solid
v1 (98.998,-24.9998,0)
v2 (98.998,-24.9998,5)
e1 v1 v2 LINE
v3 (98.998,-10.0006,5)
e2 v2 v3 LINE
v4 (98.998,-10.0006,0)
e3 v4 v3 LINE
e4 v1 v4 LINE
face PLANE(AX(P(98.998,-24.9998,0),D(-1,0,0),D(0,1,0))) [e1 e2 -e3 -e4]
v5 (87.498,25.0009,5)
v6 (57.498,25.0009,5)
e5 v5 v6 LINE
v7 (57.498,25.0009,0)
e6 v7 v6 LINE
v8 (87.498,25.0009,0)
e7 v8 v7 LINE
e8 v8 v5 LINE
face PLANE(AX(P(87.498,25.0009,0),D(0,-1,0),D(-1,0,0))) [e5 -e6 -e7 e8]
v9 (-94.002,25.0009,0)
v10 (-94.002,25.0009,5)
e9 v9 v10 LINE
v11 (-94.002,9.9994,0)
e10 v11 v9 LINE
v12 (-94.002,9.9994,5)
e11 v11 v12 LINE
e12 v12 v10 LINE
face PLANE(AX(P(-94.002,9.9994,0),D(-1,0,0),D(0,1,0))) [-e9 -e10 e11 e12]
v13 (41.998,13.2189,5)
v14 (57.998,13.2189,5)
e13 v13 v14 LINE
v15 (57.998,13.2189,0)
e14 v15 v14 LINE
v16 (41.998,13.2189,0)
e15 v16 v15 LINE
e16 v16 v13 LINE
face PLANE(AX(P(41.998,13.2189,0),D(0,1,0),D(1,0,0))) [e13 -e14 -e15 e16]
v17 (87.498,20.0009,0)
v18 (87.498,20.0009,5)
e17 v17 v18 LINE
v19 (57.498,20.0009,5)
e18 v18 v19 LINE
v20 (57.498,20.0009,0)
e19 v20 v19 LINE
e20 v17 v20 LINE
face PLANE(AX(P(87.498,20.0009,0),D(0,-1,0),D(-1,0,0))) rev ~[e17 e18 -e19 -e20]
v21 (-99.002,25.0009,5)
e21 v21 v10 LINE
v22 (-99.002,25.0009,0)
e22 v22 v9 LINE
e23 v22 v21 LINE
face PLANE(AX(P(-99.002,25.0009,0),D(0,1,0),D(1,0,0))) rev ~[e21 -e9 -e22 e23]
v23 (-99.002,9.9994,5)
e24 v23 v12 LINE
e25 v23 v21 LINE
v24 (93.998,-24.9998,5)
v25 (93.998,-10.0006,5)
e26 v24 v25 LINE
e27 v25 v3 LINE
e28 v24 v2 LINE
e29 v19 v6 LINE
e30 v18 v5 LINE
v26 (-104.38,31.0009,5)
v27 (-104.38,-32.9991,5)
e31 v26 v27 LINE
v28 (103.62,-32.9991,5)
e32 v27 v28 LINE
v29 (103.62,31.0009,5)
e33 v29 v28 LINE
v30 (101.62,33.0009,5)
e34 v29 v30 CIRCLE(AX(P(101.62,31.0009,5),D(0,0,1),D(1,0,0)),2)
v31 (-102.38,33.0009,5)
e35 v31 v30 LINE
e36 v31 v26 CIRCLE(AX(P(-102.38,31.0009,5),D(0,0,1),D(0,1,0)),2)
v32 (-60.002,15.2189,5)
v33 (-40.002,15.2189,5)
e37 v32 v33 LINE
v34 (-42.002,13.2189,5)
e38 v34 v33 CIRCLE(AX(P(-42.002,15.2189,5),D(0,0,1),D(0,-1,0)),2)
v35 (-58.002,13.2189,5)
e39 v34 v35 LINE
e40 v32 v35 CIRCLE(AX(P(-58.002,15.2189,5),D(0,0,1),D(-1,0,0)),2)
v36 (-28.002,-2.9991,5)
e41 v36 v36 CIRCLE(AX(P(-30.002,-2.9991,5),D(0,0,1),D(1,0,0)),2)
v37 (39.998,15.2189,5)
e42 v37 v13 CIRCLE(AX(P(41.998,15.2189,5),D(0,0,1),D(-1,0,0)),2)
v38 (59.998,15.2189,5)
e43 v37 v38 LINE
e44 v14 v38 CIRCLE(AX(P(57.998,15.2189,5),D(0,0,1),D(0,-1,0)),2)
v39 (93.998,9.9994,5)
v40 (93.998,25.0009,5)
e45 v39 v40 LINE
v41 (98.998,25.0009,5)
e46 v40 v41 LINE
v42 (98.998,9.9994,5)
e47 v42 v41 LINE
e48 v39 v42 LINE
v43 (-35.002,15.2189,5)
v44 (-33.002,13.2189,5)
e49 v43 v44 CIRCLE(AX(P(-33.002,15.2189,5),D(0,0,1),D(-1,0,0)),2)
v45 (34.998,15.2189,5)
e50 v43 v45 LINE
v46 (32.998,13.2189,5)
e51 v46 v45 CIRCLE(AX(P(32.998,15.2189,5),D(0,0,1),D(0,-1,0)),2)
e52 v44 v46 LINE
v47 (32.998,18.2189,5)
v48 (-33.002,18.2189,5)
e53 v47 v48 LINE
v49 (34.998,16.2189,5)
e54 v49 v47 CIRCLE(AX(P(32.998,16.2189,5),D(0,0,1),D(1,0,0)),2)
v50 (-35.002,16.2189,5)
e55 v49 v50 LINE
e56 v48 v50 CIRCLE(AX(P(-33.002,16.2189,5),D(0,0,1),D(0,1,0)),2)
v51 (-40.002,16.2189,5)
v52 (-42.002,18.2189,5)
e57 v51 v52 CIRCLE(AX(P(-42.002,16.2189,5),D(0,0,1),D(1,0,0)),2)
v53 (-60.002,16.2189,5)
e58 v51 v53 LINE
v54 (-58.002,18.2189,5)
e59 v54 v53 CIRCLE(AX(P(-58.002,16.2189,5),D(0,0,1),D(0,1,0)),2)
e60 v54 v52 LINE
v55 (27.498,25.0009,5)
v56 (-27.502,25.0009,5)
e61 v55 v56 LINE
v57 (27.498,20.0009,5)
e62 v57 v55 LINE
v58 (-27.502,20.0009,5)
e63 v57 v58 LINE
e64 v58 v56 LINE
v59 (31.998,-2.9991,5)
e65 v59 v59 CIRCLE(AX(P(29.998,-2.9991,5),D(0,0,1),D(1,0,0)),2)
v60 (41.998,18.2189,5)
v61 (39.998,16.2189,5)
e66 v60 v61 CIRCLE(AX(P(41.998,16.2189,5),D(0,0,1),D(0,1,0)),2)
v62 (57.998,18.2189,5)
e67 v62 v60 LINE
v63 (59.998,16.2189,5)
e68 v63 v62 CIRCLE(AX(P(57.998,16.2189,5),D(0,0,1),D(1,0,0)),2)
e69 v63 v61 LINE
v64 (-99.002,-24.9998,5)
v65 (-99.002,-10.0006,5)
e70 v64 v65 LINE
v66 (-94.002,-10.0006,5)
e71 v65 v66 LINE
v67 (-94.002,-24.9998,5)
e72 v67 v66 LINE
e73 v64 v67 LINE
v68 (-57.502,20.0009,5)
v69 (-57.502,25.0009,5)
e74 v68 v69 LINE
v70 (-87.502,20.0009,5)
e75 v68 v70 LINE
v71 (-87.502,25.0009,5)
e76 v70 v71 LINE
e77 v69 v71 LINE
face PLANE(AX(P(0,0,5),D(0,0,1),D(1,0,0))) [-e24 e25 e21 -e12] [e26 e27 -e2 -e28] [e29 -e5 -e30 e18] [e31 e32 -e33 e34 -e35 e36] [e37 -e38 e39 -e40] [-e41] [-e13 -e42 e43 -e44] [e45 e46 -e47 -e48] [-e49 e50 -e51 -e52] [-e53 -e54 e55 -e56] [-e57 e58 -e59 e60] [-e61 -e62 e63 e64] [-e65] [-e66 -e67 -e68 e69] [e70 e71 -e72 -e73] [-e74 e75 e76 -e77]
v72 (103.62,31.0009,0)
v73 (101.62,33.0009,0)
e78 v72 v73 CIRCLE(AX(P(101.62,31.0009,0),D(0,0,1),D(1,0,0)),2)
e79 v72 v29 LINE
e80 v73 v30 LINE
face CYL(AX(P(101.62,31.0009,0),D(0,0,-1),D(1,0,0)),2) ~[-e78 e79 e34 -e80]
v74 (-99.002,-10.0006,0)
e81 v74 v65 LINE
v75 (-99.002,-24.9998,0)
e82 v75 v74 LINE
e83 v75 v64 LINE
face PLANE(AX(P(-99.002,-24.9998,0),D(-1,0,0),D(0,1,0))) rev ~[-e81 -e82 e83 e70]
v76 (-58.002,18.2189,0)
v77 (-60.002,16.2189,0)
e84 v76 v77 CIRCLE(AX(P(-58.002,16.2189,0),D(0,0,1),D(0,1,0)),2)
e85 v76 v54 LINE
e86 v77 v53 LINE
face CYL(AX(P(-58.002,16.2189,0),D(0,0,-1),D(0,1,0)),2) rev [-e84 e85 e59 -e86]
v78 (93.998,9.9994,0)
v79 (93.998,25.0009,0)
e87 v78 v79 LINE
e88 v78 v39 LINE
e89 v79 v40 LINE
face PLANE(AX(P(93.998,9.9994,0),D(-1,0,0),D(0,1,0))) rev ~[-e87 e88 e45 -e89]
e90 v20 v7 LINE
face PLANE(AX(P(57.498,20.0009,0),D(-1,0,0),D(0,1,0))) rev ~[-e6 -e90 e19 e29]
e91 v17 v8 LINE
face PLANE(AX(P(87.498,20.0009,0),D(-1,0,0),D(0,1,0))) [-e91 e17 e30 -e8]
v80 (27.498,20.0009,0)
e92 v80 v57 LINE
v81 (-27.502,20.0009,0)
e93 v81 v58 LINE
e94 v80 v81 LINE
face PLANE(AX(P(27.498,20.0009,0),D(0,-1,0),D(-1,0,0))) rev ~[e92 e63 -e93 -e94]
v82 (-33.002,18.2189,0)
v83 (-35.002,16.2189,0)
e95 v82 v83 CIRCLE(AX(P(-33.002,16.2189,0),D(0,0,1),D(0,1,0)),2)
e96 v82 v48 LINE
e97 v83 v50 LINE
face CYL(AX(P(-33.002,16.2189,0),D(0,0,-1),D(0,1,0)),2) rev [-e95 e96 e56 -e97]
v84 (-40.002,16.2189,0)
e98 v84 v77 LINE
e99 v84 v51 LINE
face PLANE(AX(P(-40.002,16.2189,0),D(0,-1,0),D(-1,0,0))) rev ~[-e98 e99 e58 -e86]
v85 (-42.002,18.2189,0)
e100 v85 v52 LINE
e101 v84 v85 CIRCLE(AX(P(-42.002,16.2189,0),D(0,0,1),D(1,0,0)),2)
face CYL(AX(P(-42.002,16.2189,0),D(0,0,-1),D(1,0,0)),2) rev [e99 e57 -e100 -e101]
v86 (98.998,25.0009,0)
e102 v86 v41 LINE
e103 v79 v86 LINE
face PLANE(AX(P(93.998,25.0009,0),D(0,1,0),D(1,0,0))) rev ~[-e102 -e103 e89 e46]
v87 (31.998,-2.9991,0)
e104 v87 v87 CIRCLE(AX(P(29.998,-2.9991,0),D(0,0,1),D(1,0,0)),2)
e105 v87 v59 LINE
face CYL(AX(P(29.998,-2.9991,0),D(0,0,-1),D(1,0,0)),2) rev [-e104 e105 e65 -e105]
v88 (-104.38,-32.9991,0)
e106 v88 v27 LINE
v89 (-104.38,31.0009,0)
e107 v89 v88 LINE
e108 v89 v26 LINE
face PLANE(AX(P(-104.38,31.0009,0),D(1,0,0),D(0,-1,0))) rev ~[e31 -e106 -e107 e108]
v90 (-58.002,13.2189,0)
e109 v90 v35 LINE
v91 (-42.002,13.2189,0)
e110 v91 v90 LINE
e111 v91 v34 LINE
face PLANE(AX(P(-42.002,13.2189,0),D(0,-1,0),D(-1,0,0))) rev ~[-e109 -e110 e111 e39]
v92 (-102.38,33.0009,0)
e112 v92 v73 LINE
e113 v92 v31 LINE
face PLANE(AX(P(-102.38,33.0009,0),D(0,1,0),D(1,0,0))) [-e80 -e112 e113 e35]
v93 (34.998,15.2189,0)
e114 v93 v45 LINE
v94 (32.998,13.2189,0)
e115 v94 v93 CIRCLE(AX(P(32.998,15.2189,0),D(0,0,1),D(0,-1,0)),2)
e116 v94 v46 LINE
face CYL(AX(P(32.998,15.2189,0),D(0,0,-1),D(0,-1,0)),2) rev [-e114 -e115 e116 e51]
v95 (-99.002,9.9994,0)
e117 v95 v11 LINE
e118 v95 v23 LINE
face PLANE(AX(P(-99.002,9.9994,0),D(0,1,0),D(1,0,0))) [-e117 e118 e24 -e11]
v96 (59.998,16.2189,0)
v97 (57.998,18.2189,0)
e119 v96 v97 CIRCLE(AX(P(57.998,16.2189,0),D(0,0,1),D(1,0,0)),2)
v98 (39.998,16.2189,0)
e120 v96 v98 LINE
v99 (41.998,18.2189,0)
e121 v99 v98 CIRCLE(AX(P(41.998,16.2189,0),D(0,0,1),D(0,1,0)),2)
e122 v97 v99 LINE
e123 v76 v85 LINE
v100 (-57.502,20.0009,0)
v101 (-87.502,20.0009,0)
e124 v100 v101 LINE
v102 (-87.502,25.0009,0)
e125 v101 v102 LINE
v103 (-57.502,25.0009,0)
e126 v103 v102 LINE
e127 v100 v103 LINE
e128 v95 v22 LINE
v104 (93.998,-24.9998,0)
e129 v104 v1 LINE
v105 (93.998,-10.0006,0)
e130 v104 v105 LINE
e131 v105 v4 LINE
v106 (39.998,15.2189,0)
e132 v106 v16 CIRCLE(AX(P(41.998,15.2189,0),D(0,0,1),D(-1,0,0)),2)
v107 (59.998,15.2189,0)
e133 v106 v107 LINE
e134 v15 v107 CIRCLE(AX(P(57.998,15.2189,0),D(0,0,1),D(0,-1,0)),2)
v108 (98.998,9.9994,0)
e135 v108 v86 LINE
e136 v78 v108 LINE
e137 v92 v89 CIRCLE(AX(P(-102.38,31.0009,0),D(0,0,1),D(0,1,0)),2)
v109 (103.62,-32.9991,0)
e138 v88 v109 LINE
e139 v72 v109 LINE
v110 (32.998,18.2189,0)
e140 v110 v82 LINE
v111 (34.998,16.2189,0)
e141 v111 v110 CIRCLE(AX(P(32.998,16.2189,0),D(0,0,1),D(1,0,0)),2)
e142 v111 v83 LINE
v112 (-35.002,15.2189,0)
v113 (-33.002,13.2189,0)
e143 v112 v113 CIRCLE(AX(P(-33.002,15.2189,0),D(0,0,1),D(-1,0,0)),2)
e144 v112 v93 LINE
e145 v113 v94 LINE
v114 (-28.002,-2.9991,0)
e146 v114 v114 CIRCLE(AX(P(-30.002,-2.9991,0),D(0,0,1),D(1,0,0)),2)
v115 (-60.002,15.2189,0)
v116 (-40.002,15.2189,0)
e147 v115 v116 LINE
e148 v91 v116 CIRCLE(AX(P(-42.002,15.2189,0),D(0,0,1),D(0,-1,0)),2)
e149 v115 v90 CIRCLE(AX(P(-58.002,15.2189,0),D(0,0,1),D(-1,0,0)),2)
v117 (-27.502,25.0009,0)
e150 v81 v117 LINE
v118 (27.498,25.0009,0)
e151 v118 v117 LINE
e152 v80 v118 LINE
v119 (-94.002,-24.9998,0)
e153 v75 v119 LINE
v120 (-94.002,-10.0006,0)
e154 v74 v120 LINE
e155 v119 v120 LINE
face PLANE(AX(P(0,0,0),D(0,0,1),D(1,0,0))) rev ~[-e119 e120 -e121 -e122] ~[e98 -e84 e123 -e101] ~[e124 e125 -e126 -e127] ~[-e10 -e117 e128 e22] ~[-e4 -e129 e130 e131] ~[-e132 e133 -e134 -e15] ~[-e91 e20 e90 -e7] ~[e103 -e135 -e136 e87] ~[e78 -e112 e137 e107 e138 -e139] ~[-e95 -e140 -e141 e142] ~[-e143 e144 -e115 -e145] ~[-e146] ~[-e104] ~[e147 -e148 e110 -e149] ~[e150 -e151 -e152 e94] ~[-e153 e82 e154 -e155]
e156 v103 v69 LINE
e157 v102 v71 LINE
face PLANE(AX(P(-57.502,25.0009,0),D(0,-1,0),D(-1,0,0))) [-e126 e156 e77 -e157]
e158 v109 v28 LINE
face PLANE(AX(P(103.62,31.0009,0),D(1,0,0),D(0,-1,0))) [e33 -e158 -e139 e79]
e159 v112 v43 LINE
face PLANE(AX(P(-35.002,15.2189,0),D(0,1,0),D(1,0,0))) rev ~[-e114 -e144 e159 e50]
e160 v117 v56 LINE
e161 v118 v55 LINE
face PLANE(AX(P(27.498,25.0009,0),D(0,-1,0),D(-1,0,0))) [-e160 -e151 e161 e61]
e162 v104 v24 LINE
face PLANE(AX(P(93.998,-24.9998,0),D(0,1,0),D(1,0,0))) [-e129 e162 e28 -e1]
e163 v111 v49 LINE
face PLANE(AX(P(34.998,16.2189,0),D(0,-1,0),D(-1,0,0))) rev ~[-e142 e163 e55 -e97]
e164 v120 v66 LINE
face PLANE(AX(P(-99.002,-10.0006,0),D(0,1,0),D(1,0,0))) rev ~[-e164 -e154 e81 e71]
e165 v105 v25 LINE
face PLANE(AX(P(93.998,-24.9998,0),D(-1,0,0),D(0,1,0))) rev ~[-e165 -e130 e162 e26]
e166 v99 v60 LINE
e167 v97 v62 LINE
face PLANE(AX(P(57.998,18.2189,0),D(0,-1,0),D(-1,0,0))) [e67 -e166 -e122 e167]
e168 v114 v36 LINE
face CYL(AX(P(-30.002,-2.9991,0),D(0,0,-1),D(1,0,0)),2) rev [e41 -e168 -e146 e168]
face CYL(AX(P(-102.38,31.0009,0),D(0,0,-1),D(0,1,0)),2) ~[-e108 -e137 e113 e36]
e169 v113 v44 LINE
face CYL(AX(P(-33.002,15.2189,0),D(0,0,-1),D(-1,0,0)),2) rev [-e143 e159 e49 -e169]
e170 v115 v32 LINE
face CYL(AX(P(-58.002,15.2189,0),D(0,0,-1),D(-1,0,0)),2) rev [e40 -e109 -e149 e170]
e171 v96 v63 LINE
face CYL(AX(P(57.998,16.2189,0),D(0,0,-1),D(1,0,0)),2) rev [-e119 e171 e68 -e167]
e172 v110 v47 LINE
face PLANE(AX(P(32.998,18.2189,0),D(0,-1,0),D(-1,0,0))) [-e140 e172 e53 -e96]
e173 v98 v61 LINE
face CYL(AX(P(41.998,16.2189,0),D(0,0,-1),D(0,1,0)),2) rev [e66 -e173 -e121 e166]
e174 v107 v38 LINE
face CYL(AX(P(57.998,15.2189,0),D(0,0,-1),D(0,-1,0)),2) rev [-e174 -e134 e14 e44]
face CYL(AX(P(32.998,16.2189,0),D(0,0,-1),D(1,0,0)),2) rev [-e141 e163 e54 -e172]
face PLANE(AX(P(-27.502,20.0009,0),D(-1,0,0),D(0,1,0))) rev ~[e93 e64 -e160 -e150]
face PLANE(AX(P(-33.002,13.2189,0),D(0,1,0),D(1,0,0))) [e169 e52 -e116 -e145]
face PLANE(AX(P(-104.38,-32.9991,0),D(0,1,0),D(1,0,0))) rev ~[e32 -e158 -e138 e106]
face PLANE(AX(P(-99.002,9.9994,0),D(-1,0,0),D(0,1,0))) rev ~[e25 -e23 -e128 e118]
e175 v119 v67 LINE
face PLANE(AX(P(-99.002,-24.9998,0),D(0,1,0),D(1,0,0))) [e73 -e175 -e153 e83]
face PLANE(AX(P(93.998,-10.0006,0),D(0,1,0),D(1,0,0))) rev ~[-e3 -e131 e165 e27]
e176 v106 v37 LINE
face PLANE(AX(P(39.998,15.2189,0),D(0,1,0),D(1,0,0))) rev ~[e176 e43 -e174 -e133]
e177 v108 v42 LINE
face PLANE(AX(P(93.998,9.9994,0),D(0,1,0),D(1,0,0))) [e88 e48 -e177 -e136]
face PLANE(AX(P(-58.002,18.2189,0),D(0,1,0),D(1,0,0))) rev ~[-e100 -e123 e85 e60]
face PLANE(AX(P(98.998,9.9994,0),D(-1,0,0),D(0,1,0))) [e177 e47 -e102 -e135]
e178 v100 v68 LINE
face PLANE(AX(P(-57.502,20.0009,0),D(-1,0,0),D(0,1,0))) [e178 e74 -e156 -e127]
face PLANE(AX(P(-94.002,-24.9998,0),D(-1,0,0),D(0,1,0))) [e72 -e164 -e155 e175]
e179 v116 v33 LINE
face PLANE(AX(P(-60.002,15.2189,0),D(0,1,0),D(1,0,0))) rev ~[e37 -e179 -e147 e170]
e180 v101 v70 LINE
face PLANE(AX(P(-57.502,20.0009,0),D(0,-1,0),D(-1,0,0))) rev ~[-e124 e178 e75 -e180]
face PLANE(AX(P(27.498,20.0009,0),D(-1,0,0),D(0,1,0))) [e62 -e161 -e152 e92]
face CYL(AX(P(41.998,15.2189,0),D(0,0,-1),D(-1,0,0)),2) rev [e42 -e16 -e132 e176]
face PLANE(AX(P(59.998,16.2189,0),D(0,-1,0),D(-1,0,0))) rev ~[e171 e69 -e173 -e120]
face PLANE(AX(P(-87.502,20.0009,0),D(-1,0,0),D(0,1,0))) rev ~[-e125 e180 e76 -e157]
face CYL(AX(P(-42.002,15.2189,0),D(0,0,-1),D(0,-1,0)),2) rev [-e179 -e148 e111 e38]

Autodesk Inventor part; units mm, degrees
ref_plane "YZ Plane" through (0, 0, 0) normal (1, 0, 0) x (0, 1, 0)
ref_plane "XZ Plane" through (0, 0, 0) normal (0, 1, 0) x (-1, 0, 0)
ref_plane "XY Plane" through (0, 0, 0) normal (0, 0, 1) x (1, 0, 0)
sketch "Sketch1" plane through (0, 0, 0) normal (0, 0, 1) x (1, 0, 0)
  line L0 (-104.38, -32.9991) -> (103.62, -32.9991)
  line L1 (-102.38, 33.0009) -> (101.62, 33.0009)
  line L2 (57.998, 18.2189) -> (41.998, 18.2189)
  line L3 (41.998, 13.2189) -> (57.998, 13.2189)
  line L4 (-58.002, 18.2189) -> (-42.002, 18.2189)
  line L5 (-42.002, 13.2189) -> (-58.002, 13.2189)
  line L6 (32.998, 18.2189) -> (-33.002, 18.2189)
  line L7 (-33.002, 13.2189) -> (32.998, 13.2189)
  arc A0 (34.998, 16.2189) -> (32.998, 18.2189) centre (32.998, 16.2189) ccw
  arc A1 (-35.002, 15.2189) -> (-33.002, 13.2189) centre (-33.002, 15.2189) ccw
  arc A2 (-33.002, 18.2189) -> (-35.002, 16.2189) centre (-33.002, 16.2189) ccw
  arc A3 (-40.002, 16.2189) -> (-42.002, 18.2189) centre (-42.002, 16.2189) ccw
  arc A4 (-42.002, 13.2189) -> (-40.002, 15.2189) centre (-42.002, 15.2189) ccw
  arc A5 (-60.002, 15.2189) -> (-58.002, 13.2189) centre (-58.002, 15.2189) ccw
  arc A6 (-58.002, 18.2189) -> (-60.002, 16.2189) centre (-58.002, 16.2189) ccw
  arc A7 (39.998, 15.2189) -> (41.998, 13.2189) centre (41.998, 15.2189) ccw
  arc A8 (41.998, 18.2189) -> (39.998, 16.2189) centre (41.998, 16.2189) ccw
  arc A9 (59.998, 16.2189) -> (57.998, 18.2189) centre (57.998, 16.2189) ccw
  arc A10 (57.998, 13.2189) -> (59.998, 15.2189) centre (57.998, 15.2189) ccw
  arc A11 (32.998, 13.2189) -> (34.998, 15.2189) centre (32.998, 15.2189) ccw
  line L8 (59.998, 16.2189) -> (39.998, 16.2189)
  line L9 (39.998, 15.2189) -> (59.998, 15.2189)
  line L10 (34.998, 16.2189) -> (-35.002, 16.2189)
  line L11 (-35.002, 15.2189) -> (34.998, 15.2189)
  line L12 (-40.002, 16.2189) -> (-60.002, 16.2189)
  line L13 (-60.002, 15.2189) -> (-40.002, 15.2189)
  circle A12 centre (-30.002, -2.9991) radius 2
  circle A13 centre (29.998, -2.9991) radius 2
  line L14 (-104.38, 31.0009) -> (-104.38, -32.9991)
  line L15 (103.62, 31.0009) -> (103.62, -32.9991)
  arc A14 (-102.38, 33.0009) -> (-104.38, 31.0009) centre (-102.38, 31.0009) ccw
  arc A15 (103.62, 31.0009) -> (101.62, 33.0009) centre (101.62, 31.0009) ccw
  line L16 (93.998, -24.9998) -> (93.998, -10.0006)
  line L17 (93.998, -10.0006) -> (98.998, -10.0006)
  line L18 (98.998, -24.9998) -> (98.998, -10.0006)
  line L19 (93.998, -24.9998) -> (98.998, -24.9998)
  line L20 (93.998, 9.9994) -> (93.998, 25.0009)
  line L21 (93.998, 25.0009) -> (98.998, 25.0009)
  line L22 (98.998, 9.9994) -> (98.998, 25.0009)
  line L23 (93.998, 9.9994) -> (98.998, 9.9994)
  line L24 (87.498, 20.0009) -> (57.498, 20.0009)
  line L25 (57.498, 20.0009) -> (57.498, 25.0009)
  line L26 (87.498, 25.0009) -> (57.498, 25.0009)
  line L27 (87.498, 20.0009) -> (87.498, 25.0009)
  line L28 (27.498, 20.0009) -> (-27.502, 20.0009)
  line L29 (-27.502, 20.0009) -> (-27.502, 25.0009)
  line L30 (27.498, 25.0009) -> (-27.502, 25.0009)
  line L31 (27.498, 20.0009) -> (27.498, 25.0009)
  line L32 (-57.502, 20.0009) -> (-87.502, 20.0009)
  line L33 (-87.502, 20.0009) -> (-87.502, 25.0009)
  line L34 (-57.502, 25.0009) -> (-87.502, 25.0009)
  line L35 (-57.502, 20.0009) -> (-57.502, 25.0009)
  line L36 (-99.002, 9.9994) -> (-99.002, 25.0009)
  line L37 (-99.002, 25.0009) -> (-94.002, 25.0009)
  line L38 (-94.002, 9.9994) -> (-94.002, 25.0009)
  line L39 (-99.002, 9.9994) -> (-94.002, 9.9994)
  line L40 (-99.002, -24.9998) -> (-99.002, -10.0006)
  line L41 (-99.002, -10.0006) -> (-94.002, -10.0006)
  line L42 (-94.002, -24.9998) -> (-94.002, -10.0006)
  line L43 (-99.002, -24.9998) -> (-94.002, -24.9998)
  point P0 (-85.2166, -15.942)
  point P1 (59.998, 18.2189)
  point P2 (59.998, 13.2189)
  point P3 (-40.002, 15.2189)
  point P4 (-60.002, 16.2189)
  point P5 (59.998, 15.2189)
  point P6 (34.998, 15.2189)
  point P7 (-35.002, 16.2189)
  point P8 (-0.002, -3)
extrude "Extrusion1" add sketch "Sketch1" along normal blind 5
properties part number "case bottom front" material "Nylon, molybdenum disulphide"
